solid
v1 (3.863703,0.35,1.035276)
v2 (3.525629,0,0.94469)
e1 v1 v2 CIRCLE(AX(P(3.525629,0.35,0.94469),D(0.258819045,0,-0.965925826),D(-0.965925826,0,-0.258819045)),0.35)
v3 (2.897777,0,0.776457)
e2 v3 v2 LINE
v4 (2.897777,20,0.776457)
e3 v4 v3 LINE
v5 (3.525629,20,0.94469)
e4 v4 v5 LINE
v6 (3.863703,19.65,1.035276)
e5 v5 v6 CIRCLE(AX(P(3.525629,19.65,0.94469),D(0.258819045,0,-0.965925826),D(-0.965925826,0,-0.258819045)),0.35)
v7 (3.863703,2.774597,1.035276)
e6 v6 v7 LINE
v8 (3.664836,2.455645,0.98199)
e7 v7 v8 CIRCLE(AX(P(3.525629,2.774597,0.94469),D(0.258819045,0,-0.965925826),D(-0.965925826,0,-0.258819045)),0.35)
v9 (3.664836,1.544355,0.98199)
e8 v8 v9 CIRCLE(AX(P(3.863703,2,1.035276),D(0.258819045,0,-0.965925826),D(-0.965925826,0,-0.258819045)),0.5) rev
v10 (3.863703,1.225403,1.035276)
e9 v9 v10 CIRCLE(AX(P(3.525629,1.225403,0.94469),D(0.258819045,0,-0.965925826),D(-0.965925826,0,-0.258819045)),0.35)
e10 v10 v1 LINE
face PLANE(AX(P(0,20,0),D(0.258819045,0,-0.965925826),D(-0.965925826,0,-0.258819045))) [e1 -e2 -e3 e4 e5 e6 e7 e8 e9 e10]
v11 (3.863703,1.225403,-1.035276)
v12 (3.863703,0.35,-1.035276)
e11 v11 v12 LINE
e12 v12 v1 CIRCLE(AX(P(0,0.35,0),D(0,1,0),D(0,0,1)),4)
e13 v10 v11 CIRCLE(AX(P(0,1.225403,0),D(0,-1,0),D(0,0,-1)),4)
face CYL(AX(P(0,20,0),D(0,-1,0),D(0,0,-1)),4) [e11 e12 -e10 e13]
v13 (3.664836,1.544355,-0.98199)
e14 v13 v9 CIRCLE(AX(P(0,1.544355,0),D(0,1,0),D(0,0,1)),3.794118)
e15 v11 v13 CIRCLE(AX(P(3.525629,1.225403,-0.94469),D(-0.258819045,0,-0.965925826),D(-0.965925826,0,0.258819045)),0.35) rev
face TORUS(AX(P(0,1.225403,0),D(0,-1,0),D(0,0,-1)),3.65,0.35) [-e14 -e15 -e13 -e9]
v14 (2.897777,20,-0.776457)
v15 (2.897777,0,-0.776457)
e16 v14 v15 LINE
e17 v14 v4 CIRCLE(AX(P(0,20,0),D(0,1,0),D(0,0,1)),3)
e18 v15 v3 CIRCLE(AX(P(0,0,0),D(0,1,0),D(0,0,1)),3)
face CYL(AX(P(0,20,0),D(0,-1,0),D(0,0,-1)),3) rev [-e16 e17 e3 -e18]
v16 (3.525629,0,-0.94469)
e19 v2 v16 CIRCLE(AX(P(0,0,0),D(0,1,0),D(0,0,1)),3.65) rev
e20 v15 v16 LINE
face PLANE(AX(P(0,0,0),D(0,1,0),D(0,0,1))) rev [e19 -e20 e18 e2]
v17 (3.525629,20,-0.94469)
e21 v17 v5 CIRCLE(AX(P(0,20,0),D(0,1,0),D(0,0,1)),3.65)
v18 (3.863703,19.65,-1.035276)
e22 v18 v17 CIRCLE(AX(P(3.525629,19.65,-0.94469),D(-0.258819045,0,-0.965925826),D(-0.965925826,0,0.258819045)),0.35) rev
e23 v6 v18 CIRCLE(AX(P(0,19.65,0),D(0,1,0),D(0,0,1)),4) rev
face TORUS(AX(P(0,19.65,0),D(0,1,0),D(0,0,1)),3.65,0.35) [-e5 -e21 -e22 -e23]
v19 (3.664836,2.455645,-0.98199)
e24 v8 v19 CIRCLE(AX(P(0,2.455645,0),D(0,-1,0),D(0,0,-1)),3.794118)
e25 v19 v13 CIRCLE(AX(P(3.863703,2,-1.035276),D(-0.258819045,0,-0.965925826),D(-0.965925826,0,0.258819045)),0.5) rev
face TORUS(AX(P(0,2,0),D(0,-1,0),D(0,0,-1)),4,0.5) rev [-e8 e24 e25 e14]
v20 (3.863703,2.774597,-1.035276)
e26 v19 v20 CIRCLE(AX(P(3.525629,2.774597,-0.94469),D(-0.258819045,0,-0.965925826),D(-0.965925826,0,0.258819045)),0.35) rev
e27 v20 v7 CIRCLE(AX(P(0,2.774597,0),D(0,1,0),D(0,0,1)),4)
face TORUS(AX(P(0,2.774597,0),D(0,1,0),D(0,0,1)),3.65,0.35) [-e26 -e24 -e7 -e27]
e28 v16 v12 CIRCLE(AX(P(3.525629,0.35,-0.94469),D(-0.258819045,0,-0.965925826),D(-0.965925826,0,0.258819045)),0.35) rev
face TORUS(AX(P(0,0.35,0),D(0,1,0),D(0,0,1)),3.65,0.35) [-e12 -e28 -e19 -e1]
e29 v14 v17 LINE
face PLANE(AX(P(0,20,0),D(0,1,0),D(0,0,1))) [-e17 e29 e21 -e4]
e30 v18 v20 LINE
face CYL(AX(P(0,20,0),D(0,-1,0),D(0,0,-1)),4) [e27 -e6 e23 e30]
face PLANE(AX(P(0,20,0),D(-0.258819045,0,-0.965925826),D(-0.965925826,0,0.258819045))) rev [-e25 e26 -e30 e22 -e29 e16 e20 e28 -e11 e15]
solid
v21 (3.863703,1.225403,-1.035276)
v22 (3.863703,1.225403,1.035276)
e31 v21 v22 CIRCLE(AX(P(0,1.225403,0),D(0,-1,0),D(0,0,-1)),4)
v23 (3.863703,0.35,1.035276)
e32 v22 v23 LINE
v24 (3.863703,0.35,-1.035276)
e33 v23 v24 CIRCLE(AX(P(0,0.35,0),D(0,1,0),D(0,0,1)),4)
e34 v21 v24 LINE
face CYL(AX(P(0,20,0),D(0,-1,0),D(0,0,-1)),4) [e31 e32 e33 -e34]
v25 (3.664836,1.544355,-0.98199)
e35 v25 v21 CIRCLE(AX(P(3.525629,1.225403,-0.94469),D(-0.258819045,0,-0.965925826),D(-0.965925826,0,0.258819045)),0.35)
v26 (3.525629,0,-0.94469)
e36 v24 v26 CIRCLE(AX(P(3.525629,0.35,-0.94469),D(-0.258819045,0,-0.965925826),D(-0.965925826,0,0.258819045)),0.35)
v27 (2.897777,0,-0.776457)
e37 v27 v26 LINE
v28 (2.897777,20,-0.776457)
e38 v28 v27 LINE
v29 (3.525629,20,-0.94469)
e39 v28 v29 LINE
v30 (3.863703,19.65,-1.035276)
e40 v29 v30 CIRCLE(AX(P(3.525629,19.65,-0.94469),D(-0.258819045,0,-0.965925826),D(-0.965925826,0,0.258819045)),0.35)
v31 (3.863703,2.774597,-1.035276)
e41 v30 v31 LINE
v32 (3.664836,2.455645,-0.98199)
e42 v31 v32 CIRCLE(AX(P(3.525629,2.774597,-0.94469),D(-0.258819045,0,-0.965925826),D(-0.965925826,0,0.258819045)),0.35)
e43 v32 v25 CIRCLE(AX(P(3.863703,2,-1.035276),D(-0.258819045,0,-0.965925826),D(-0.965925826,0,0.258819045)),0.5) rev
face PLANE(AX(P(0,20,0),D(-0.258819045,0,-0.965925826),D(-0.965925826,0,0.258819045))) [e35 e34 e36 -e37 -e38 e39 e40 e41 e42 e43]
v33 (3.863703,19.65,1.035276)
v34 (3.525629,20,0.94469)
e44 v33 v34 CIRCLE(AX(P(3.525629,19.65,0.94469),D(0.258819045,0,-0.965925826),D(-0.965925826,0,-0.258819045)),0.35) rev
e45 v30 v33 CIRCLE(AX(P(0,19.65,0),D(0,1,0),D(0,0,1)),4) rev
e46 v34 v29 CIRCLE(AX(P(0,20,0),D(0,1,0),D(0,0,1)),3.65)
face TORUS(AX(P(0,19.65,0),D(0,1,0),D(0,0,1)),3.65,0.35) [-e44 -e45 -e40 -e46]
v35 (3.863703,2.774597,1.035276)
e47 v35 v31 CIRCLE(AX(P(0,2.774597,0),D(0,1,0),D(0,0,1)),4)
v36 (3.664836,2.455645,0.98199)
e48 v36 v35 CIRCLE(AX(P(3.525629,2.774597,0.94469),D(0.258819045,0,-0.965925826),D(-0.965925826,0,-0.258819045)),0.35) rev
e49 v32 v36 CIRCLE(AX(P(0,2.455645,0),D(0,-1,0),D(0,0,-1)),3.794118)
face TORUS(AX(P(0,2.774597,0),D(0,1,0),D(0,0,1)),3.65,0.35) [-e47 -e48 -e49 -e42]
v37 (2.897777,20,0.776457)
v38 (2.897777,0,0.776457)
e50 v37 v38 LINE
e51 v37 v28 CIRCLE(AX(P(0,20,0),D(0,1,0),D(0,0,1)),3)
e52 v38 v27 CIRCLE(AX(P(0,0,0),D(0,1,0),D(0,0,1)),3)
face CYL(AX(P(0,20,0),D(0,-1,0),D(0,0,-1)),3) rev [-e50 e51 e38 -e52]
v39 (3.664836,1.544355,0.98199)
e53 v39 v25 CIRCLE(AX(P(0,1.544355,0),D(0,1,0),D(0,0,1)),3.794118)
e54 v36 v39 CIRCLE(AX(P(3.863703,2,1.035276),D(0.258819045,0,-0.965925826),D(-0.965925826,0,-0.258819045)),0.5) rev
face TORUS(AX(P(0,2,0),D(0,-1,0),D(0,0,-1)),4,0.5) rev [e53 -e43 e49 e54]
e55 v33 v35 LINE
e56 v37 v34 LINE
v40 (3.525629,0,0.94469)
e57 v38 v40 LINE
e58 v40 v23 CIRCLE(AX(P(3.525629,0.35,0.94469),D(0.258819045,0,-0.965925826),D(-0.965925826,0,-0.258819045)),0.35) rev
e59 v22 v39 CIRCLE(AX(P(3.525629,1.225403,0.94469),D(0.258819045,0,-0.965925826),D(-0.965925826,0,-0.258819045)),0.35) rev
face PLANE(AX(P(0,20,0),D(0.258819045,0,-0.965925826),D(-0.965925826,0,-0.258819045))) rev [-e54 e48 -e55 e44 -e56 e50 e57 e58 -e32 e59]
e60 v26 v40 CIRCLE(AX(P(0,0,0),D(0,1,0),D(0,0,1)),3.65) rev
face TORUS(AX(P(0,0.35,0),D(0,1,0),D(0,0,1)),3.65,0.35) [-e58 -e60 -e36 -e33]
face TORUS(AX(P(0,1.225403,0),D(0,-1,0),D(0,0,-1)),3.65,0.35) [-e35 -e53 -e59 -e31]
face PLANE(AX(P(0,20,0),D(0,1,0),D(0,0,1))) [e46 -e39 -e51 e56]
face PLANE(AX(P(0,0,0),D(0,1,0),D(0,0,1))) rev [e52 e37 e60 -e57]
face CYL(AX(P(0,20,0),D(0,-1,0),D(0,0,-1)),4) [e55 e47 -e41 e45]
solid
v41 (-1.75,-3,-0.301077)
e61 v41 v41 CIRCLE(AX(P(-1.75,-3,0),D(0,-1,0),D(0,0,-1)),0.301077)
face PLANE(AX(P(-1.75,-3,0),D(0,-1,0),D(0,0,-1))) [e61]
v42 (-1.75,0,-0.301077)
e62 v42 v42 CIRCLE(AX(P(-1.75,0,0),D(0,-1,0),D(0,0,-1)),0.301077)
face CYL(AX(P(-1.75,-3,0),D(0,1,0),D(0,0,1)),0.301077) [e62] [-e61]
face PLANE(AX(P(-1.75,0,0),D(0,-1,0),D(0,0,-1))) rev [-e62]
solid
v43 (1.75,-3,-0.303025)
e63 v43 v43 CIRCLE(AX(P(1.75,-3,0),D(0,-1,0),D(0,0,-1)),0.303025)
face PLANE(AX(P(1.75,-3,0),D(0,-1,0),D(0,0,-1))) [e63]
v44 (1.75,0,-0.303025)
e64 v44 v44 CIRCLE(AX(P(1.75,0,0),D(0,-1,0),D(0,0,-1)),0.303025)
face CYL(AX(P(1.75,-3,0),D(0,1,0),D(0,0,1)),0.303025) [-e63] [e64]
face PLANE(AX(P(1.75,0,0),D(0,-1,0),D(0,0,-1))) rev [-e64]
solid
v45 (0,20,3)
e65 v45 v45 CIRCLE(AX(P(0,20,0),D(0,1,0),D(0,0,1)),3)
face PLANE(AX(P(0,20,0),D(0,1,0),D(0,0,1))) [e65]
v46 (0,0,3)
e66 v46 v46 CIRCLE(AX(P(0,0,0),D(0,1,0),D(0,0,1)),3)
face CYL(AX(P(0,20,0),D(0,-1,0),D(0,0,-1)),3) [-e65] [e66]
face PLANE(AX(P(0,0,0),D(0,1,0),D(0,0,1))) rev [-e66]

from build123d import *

# Parameters (mm, degrees)
SALIENTE_EXTRUIR3_DEPTH   = 20
SALIENTE_EXTRUIR4_DEPTH   = 20
SALIENTE_EXTRUIR5_DEPTH   = 20
CROQUIS3_R                = 0.4999999999999999
REDONDEO1_R               = 0.35
REDONDEO2_R               = 0.35
CROQUIS4_R                = 0.30107653954551516
SALIENTE_EXTRUIR6_DEPTH   = 3
CROQUIS4_R_2              = 0.30302467240714076
SALIENTE_EXTRUIR6_2_DEPTH = 3


with BuildPart() as part:
    # Croquis1 → Saliente-Extruir3 (new body)
    with BuildSketch(Plane(origin=(0, 0, 0), x_dir=(1, 0, 0), z_dir=(0, 1, 0))):
        with BuildLine():
            Line((3.8637033051562724, 1.0352761804100858), (2.8977774788672046, 0.7764571353075645))
            ThreePointArc((2.897777478867204, 0.7764571353075644), (2.974334584121431, 0.3915785766601559), (3, 0))
            ThreePointArc((3, -7.3e-16), (2.974334584121431, -0.3915785766601577), (2.897777478867204, -0.7764571353075647))
            Line((2.8977774788672046, -0.7764571353075641), (3.8637033051562724, -1.0352761804100854))
            ThreePointArc((3.8637033051562724, -1.0352761804100863), (3.965779445495241, -0.5221047688802103), (4, -9.8e-16))
            ThreePointArc((4, 0), (3.9657794454952415, 0.5221047688802078), (3.8637033051562724, 1.0352761804100858))
        make_face()
    extrude(amount=SALIENTE_EXTRUIR3_DEPTH)


with BuildPart() as body_2:
    # Croquis1<5> → Saliente-Extruir4 (new body)
    with BuildSketch(Plane(origin=(0, 0, 0), x_dir=(1, 0, 0), z_dir=(0, 1, 0))):
        with BuildLine():
            ThreePointArc((3, 0), (2.974334584121431, 0.3915785766601559), (2.897777478867204, 0.7764571353075644))
            ThreePointArc((2.897777478867204, 0.7764571353075644), (-3, -9.6e-16), (2.897777478867205, -0.776457135307562))
            ThreePointArc((2.897777478867204, -0.7764571353075647), (2.974334584121431, -0.3915785766601577), (3, -7.3e-16))
        make_face()
    extrude(amount=SALIENTE_EXTRUIR4_DEPTH)


with BuildPart() as body_3:
    # Croquis1<6> → Saliente-Extruir5 (new body)
    with BuildSketch(Plane(origin=(0, 0, 0), x_dir=(1, 0, 0), z_dir=(0, 1, 0))):
        with BuildLine():
            ThreePointArc((2.897777478867205, -0.776457135307562), (-3, -9.6e-16), (2.897777478867204, 0.7764571353075644))
            Line((2.8977774788672046, 0.7764571353075645), (3.8637033051562724, 1.0352761804100858))
            ThreePointArc((3.8637033051562724, 1.0352761804100858), (-4, 4.9e-16), (3.8637033051562724, -1.0352761804100863))
            Line((3.8637033051562724, -1.0352761804100854), (2.8977774788672046, -0.7764571353075641))
        make_face()
    extrude(amount=SALIENTE_EXTRUIR5_DEPTH)


with BuildPart() as cortar_revoluci_n1_tool:
    # Croquis3 → Cortar-Revolución1 (revolve)
    with BuildSketch(Plane(origin=(0, 0, 0), x_dir=(0, 0, -1), z_dir=(1, 0, 0))):
        with Locations((-4, 1.9999999999999982)):
            Circle(CROQUIS3_R)
    revolve(axis=Axis((0, -1.7359986127882774, 0), (0, 1, 0)))


with BuildPart() as part_1:
    add(part.part)

    # Cortar-Revolución1: cut by cortar_revoluci_n1_tool
    add(cortar_revoluci_n1_tool.part, mode=Mode.SUBTRACT)

    # Redondeo2
    redondeo2_edges = [part_1.edges().sort_by_distance(p)[0] for p in [
        (4, 0, -4.7e-16),
        (3.999999999997482, 1.4999999999999982, -7.0699e-12),
        (3.999999999997482, 2.4999999999999982, 7.09233e-12),
        (4.000000000000001, 20, 6.7e-16),
    ]]
    fillet(redondeo2_edges, radius=REDONDEO2_R)


with BuildPart() as body_3_1:
    add(body_3.part)

    # Cortar-Revolución1: cut by cortar_revoluci_n1_tool
    add(cortar_revoluci_n1_tool.part, mode=Mode.SUBTRACT)

    # Redondeo1
    redondeo1_edges = [body_3_1.edges().sort_by_distance(p)[0] for p in [
        (-4, 0, 6.55e-15),
        (-3.1734133611649407, 1.4999999999999982, -2.435045716034882),
        (-3.1734133611649407, 2.4999999999999982, -2.435045716034882),
        (-4, 20, 6.55e-15),
    ]]
    fillet(redondeo1_edges, radius=REDONDEO1_R)


with BuildPart() as body_4:
    # Croquis4 → Saliente-Extruir6 (new body)
    with BuildSketch(Plane.XZ):
        with Locations((-1.75, 0)):
            Circle(CROQUIS4_R)
    extrude(amount=SALIENTE_EXTRUIR6_DEPTH)


with BuildPart() as body_5:
    # Croquis4 → Saliente-Extruir6 2 (new body)
    with BuildSketch(Plane.XZ):
        with Locations((1.75, 0)):
            Circle(CROQUIS4_R_2)
    extrude(amount=SALIENTE_EXTRUIR6_2_DEPTH)


solid = Compound([body_2.part, part_1.part, body_3_1.part, body_4.part, body_5.part])
